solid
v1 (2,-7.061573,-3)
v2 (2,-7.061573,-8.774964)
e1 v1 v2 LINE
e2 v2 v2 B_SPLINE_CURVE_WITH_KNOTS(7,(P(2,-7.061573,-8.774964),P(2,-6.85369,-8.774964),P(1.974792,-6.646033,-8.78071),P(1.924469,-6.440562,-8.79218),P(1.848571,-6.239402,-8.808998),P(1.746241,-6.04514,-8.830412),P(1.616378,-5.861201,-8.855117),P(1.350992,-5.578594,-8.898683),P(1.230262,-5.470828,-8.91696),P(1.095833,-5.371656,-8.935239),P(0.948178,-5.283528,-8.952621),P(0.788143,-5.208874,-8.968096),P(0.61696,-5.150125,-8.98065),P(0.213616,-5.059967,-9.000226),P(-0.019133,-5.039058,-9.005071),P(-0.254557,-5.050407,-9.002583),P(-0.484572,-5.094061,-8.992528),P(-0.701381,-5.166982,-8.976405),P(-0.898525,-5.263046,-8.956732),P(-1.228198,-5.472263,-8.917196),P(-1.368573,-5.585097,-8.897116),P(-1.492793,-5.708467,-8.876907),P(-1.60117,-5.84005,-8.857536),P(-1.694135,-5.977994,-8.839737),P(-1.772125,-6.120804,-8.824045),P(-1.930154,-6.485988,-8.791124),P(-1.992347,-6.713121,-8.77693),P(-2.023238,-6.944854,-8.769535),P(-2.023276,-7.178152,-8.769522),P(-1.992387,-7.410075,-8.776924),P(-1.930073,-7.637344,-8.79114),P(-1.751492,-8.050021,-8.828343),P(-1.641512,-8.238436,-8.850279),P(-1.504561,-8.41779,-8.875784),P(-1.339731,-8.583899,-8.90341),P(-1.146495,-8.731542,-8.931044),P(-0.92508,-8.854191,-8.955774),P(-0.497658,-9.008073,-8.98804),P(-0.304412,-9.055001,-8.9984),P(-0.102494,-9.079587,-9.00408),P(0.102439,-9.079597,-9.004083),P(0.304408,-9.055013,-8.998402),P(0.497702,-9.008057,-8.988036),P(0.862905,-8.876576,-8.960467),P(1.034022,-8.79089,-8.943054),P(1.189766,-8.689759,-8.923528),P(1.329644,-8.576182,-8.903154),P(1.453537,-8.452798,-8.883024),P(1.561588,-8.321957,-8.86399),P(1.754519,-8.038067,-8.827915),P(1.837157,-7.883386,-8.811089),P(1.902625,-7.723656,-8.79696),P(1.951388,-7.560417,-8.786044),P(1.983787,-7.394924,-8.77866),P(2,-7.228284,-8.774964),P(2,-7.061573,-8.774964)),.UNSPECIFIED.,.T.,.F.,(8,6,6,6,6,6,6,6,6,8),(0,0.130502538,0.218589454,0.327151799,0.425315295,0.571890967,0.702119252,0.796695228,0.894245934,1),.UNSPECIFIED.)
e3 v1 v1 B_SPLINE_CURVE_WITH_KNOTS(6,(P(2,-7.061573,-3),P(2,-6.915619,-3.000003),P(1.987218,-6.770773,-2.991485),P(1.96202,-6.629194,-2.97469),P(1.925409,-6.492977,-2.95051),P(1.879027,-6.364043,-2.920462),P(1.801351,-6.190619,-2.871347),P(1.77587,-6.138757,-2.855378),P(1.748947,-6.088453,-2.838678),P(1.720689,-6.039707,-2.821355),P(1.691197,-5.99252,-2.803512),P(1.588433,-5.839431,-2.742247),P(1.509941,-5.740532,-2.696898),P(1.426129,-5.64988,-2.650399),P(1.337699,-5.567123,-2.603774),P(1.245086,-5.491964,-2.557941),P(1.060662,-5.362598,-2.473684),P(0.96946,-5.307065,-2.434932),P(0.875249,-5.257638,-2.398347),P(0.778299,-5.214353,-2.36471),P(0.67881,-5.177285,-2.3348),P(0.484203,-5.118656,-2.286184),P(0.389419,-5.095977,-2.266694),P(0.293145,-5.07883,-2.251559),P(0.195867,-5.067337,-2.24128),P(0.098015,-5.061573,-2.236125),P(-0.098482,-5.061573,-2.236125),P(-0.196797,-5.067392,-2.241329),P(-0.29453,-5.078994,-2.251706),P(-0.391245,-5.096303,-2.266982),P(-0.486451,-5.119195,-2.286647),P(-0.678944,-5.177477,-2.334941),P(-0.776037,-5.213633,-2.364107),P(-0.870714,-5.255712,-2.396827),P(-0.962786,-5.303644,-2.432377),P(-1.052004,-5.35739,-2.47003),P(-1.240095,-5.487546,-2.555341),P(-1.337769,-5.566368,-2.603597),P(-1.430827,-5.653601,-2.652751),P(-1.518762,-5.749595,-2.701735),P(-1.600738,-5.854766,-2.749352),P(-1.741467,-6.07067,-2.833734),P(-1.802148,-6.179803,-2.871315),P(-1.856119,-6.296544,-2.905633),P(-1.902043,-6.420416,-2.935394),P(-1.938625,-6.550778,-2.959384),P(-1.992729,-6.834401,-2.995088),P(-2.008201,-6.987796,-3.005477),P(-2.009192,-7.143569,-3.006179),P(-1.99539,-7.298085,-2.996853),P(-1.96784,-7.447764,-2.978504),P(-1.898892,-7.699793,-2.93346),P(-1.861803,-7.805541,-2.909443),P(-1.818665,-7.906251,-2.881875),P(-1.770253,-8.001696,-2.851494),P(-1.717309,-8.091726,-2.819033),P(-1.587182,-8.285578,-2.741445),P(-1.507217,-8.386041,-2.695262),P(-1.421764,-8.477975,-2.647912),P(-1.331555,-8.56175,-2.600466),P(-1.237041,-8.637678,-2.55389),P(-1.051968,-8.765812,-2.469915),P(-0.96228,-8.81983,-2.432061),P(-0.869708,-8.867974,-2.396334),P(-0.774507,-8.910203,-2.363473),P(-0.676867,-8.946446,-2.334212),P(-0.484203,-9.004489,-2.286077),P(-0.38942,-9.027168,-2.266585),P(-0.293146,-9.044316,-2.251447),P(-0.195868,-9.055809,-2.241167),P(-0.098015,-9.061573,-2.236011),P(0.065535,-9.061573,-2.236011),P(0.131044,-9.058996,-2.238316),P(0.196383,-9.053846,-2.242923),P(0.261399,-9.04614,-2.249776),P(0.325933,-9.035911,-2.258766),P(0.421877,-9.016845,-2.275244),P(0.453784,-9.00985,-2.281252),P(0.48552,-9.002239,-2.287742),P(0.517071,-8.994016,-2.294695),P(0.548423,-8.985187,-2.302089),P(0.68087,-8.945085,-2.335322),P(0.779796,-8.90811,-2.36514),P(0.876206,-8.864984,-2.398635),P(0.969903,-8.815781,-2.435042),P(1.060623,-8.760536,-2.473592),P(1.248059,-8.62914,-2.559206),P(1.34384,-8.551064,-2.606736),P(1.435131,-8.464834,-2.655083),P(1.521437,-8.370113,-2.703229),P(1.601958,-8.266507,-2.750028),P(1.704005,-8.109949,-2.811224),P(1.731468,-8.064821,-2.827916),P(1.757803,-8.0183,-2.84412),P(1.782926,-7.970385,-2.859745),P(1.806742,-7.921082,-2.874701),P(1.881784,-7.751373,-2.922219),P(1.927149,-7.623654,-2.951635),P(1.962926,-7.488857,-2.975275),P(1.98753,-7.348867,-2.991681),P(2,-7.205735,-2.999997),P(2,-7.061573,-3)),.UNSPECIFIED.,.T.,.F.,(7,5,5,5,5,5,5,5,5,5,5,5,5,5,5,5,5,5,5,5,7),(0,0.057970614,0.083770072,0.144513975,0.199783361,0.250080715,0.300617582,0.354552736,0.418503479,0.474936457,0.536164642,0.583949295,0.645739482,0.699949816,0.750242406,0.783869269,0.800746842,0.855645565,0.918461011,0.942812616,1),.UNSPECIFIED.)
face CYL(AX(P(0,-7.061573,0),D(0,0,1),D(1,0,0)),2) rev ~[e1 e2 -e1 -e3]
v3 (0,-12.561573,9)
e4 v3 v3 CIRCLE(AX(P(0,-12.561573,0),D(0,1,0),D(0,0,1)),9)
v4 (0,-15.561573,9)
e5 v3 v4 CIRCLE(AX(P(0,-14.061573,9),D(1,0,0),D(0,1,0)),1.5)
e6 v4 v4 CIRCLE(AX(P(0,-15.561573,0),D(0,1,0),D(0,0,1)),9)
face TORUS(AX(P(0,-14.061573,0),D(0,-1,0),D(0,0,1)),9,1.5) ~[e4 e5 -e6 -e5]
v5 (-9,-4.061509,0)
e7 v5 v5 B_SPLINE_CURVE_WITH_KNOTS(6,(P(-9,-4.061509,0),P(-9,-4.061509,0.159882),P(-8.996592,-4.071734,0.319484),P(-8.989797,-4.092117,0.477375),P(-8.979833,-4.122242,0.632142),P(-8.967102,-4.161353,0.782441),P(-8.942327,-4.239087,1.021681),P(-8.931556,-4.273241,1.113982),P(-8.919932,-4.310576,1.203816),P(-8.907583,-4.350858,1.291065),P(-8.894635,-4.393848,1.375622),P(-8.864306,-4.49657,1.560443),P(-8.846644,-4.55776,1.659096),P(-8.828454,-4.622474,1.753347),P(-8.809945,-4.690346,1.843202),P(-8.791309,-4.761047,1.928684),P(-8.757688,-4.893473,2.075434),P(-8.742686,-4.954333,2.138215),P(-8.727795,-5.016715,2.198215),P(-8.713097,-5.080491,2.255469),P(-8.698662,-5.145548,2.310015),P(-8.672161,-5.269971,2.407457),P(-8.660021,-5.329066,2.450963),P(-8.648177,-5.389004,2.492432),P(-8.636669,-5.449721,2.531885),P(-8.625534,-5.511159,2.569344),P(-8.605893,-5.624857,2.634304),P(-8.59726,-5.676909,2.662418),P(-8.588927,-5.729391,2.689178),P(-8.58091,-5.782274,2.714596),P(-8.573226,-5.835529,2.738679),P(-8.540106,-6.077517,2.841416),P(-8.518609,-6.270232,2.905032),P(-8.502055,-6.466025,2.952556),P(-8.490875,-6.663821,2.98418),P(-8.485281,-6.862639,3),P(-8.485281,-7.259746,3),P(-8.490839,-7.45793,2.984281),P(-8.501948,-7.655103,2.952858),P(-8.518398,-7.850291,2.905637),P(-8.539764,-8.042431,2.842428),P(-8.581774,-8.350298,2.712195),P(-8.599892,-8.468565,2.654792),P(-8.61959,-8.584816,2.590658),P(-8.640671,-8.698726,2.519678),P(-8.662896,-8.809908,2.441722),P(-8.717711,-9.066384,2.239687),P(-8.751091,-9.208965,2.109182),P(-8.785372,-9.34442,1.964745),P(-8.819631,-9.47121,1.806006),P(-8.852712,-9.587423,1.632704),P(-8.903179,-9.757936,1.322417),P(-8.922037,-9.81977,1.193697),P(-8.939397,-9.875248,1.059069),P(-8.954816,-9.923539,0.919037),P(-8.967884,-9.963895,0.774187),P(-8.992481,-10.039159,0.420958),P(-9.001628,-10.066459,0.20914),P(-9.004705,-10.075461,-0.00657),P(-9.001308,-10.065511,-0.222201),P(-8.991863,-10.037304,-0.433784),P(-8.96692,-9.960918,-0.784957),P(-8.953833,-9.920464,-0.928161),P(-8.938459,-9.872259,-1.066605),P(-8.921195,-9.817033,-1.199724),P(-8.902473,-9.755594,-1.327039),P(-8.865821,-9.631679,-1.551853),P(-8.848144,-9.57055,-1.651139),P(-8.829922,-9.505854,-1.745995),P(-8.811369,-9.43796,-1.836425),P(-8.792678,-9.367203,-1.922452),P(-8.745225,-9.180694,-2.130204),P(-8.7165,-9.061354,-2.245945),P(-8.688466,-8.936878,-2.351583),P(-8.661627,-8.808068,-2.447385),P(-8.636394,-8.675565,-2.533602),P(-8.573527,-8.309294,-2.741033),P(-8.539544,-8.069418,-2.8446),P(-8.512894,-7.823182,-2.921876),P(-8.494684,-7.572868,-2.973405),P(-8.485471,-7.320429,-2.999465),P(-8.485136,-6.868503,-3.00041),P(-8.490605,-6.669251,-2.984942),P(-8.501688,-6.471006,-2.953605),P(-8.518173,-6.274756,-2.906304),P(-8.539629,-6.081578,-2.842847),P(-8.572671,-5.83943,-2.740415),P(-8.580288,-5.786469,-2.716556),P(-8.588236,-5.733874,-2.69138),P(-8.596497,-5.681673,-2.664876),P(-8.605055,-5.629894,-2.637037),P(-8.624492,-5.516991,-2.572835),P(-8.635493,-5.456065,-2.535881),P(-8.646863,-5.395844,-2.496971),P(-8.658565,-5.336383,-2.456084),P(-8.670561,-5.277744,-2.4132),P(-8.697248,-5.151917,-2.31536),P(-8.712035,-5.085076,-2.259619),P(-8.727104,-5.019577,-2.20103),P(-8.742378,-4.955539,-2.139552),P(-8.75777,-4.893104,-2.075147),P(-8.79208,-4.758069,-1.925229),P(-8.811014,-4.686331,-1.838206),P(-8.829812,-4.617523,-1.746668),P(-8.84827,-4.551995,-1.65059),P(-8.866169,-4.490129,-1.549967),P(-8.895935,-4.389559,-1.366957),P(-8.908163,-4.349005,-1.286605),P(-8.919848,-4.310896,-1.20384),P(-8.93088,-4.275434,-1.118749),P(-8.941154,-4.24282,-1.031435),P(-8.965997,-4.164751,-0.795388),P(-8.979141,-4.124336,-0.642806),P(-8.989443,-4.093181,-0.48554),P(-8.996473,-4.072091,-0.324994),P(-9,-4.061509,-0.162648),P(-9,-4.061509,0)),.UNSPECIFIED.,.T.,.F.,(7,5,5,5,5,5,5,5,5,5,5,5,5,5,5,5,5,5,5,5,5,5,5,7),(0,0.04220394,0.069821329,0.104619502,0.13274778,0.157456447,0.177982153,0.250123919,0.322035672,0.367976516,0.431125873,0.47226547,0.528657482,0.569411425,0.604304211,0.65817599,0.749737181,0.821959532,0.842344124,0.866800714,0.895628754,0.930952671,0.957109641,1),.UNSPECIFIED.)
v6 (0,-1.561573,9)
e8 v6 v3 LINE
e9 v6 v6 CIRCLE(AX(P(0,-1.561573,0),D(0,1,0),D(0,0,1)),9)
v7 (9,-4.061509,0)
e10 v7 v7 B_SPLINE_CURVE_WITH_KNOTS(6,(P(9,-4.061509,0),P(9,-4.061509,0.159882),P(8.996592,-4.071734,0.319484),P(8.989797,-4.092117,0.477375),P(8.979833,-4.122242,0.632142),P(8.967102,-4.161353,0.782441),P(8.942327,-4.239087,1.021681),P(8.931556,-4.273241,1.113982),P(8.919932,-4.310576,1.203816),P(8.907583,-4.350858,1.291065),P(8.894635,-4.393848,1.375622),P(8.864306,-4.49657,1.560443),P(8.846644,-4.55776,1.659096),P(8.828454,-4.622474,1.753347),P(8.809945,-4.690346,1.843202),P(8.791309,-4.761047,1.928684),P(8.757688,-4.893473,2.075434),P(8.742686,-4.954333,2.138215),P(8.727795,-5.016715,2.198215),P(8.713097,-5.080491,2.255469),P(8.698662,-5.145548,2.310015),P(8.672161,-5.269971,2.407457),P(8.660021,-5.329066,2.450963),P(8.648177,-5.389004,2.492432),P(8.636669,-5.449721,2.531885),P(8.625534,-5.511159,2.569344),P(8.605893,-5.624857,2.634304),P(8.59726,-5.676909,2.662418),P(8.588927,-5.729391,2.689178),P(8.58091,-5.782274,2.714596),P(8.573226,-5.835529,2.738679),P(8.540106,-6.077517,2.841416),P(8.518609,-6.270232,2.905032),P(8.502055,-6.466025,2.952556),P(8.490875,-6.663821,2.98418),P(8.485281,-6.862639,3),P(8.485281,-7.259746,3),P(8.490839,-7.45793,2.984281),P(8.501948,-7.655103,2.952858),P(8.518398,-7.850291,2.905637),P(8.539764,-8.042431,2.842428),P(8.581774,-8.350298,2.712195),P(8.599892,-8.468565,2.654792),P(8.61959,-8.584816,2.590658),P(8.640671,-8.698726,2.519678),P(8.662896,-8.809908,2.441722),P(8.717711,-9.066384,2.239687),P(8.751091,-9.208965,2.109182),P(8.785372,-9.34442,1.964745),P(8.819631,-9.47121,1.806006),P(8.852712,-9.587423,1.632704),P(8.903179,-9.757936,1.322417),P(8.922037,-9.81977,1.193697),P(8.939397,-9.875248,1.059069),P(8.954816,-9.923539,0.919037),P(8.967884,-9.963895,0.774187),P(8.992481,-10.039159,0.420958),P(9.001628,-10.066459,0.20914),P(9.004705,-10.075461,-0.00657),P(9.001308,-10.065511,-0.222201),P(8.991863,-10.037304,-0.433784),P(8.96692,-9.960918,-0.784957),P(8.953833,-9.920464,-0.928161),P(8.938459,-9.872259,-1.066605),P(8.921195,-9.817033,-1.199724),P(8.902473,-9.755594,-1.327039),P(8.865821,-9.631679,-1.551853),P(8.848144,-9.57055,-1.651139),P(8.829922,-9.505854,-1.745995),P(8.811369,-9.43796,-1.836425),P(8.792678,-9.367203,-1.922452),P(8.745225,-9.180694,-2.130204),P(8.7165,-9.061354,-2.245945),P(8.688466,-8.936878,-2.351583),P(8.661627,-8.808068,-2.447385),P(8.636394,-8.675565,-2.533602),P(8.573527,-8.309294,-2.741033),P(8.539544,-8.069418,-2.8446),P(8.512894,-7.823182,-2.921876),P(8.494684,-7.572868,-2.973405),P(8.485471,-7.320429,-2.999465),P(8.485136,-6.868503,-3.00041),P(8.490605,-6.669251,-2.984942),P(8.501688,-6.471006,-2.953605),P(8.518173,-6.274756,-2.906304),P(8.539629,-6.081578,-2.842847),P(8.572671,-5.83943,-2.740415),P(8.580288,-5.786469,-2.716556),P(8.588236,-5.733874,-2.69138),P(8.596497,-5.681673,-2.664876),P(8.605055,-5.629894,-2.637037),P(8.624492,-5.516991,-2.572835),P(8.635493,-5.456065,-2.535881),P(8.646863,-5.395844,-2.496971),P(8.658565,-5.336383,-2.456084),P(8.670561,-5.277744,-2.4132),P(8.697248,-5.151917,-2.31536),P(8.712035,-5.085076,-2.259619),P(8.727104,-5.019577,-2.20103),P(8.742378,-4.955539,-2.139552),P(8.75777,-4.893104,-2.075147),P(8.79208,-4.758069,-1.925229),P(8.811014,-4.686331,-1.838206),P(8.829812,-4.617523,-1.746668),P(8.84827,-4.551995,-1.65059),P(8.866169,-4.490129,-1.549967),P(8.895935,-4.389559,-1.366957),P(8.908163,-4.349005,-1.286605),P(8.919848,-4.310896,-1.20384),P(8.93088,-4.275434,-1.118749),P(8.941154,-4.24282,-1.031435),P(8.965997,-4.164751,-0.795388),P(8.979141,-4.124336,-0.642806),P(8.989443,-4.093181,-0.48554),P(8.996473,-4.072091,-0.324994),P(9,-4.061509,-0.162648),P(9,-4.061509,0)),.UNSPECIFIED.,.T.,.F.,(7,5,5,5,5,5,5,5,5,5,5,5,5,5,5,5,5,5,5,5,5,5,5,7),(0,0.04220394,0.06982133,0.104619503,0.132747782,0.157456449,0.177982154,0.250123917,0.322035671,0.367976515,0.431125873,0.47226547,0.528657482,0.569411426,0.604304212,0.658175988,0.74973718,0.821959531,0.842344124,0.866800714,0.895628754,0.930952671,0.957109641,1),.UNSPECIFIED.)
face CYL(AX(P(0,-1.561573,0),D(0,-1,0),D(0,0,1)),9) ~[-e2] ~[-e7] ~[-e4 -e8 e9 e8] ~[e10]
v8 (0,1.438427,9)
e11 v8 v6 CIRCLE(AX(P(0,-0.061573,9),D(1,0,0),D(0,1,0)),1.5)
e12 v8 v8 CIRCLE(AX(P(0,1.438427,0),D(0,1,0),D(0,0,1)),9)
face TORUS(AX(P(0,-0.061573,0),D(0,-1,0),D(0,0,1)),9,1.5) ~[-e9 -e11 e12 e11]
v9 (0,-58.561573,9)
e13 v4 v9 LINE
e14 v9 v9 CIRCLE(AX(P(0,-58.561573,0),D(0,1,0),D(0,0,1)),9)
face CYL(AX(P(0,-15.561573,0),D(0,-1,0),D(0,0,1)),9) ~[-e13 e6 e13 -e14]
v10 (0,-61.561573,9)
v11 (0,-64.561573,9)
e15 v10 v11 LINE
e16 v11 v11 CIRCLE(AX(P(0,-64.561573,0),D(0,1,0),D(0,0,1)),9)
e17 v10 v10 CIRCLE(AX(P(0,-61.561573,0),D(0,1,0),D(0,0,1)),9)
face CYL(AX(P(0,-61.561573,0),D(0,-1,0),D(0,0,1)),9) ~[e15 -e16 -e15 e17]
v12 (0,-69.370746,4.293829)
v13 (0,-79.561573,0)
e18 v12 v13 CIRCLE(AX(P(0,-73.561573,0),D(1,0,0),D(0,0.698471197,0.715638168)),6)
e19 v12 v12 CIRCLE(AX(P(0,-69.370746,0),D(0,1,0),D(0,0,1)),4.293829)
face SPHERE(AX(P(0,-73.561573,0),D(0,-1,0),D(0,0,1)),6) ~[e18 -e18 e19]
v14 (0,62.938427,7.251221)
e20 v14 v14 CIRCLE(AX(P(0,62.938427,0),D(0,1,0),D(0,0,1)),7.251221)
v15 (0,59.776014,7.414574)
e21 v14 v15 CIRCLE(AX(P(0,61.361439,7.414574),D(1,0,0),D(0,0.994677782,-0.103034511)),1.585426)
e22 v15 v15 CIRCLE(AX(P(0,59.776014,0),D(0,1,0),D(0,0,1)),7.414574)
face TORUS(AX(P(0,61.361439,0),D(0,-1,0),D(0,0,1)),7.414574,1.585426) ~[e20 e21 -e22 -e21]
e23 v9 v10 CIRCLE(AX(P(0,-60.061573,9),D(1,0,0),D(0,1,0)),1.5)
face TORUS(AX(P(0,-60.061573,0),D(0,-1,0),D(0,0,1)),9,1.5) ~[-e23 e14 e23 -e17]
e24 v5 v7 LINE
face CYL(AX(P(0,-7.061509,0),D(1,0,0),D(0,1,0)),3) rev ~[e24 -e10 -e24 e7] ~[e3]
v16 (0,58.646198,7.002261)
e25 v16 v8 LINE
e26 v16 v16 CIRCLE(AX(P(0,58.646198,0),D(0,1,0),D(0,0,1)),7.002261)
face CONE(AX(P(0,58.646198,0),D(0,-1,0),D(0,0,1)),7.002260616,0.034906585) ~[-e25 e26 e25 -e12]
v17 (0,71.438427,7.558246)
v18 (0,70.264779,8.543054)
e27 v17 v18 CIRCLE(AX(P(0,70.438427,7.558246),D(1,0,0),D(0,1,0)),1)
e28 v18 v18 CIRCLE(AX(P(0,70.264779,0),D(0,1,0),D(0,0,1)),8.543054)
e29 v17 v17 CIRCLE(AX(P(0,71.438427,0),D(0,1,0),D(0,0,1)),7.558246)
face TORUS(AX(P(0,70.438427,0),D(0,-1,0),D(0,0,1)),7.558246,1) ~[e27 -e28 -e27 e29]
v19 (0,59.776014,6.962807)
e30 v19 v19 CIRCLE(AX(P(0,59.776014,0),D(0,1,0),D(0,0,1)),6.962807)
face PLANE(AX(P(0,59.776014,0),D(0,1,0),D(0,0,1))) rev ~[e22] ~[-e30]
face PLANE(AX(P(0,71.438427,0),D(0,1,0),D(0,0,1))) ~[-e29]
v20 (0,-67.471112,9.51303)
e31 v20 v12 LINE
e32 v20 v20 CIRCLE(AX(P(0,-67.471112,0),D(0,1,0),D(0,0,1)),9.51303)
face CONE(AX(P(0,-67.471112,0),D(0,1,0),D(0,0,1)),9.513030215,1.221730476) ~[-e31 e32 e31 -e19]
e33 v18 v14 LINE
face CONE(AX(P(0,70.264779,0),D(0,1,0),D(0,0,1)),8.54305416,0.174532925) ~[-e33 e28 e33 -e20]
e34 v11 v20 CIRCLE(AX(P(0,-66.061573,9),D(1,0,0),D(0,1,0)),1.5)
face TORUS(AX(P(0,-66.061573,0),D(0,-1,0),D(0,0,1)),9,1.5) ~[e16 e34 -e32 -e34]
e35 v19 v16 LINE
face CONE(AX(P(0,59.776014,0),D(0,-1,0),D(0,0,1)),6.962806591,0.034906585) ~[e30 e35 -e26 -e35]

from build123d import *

# Parameters (mm, degrees)
F2_R     = 3
F3_DEPTH = 25
F4_R     = 2
F5_DEPTH = 25


with BuildPart() as f1:
    # F0 (on Right) → F1 (revolve)
    with BuildSketch(Plane.YZ):
        with BuildLine():
            Line((-1.5615727726, 9), (-4.5615727726, 9))
            Line((-4.5615727726, 9), (-12.5615727726, 9))
            ThreePointArc((-12.5615727726, 9), (-14.0615727726, 10.5), (-15.5615727726, 9))
            Line((-15.5615727726, 9), (-58.5615727726, 9))
            ThreePointArc((-58.5615727726, 9), (-60.0615727726, 10.5), (-61.5615727726, 9))
            Line((-61.5615727726, 9), (-64.5615727726, 9))
            ThreePointArc((-64.5615727726, 9), (-65.8011005061, 10.4772116295), (-67.4711117037, 9.513030215))
            Line((-67.4711117037, 9.513030215), (-69.3707455906, 4.2938290057))
            ThreePointArc((-69.3707455906, 4.2938290057), (-75.8912762846, 5.5292387854), (-79.5615727726, 0))
            Line((-79.5615727726, 0), (-71.7016530797, 0))
            Line((-71.7016530797, 0), (-66.8924802618, 0))
            Line((-66.8924802618, 0), (-63.8924802618, 0))
            Line((-63.8924802618, 0), (-60.8924802618, 0))
            Line((-60.8924802618, 0), (-15.5615727726, 0))
            Line((-15.5615727726, 0), (-12.5615727726, 0))
            Line((-12.5615727726, 0), (-7.0615727726, 0))
            Line((-7.0615727726, 0), (-1.5615727726, 0))
            Line((-1.5615727726, 0), (0, 0))
            Line((0, 0), (1.4384272274, 0))
            Line((1.4384272274, 0), (59.7760136759, 0))
            Line((59.7760136759, 0), (62.7760136759, 0))
            Line((62.7760136759, 0), (71.4384272274, 0))
            Line((71.4384272274, 0), (71.4384272274, 7.5582464074))
            ThreePointArc((71.4384272274, 7.5582464074), (71.0812148371, 8.3242908505), (70.2647790498, 8.5430541604))
            Line((70.2647790498, 8.5430541604), (62.9384272274, 7.251220664))
            ThreePointArc((62.9384272274, 7.251220664), (61.4432251201, 8.9978890992), (59.7760136759, 7.4145742332))
            Line((59.7760136759, 7.4145742332), (59.7760136759, 7.251220664))
            Line((59.7760136759, 7.251220664), (59.7760136759, 6.9628065909))
            Line((59.7760136759, 6.9628065909), (58.6461982296, 7.0022606157))
            Line((58.6461982296, 7.0022606157), (1.4384272274, 9))
            ThreePointArc((1.4384272274, 9), (-0.0615727726, 10.5), (-1.5615727726, 9))
        make_face()
    revolve(axis=Axis((0, 29.8880068379, 0), (0, 1, 0)))

    # F2 (on Right) → F3 (cut, symmetric)
    with BuildSketch(Plane.YZ):
        with Locations((-7.0615094155, 0)):
            Circle(F2_R)
    extrude(amount=F3_DEPTH, both=True, mode=Mode.SUBTRACT)

    # F4 (on Top) → F5 (cut)
    with BuildSketch(Plane.XY):
        with Locations((0, -7.0615727726)):
            Circle(F4_R)
    extrude(amount=-F5_DEPTH, mode=Mode.SUBTRACT)


solid = f1.part
